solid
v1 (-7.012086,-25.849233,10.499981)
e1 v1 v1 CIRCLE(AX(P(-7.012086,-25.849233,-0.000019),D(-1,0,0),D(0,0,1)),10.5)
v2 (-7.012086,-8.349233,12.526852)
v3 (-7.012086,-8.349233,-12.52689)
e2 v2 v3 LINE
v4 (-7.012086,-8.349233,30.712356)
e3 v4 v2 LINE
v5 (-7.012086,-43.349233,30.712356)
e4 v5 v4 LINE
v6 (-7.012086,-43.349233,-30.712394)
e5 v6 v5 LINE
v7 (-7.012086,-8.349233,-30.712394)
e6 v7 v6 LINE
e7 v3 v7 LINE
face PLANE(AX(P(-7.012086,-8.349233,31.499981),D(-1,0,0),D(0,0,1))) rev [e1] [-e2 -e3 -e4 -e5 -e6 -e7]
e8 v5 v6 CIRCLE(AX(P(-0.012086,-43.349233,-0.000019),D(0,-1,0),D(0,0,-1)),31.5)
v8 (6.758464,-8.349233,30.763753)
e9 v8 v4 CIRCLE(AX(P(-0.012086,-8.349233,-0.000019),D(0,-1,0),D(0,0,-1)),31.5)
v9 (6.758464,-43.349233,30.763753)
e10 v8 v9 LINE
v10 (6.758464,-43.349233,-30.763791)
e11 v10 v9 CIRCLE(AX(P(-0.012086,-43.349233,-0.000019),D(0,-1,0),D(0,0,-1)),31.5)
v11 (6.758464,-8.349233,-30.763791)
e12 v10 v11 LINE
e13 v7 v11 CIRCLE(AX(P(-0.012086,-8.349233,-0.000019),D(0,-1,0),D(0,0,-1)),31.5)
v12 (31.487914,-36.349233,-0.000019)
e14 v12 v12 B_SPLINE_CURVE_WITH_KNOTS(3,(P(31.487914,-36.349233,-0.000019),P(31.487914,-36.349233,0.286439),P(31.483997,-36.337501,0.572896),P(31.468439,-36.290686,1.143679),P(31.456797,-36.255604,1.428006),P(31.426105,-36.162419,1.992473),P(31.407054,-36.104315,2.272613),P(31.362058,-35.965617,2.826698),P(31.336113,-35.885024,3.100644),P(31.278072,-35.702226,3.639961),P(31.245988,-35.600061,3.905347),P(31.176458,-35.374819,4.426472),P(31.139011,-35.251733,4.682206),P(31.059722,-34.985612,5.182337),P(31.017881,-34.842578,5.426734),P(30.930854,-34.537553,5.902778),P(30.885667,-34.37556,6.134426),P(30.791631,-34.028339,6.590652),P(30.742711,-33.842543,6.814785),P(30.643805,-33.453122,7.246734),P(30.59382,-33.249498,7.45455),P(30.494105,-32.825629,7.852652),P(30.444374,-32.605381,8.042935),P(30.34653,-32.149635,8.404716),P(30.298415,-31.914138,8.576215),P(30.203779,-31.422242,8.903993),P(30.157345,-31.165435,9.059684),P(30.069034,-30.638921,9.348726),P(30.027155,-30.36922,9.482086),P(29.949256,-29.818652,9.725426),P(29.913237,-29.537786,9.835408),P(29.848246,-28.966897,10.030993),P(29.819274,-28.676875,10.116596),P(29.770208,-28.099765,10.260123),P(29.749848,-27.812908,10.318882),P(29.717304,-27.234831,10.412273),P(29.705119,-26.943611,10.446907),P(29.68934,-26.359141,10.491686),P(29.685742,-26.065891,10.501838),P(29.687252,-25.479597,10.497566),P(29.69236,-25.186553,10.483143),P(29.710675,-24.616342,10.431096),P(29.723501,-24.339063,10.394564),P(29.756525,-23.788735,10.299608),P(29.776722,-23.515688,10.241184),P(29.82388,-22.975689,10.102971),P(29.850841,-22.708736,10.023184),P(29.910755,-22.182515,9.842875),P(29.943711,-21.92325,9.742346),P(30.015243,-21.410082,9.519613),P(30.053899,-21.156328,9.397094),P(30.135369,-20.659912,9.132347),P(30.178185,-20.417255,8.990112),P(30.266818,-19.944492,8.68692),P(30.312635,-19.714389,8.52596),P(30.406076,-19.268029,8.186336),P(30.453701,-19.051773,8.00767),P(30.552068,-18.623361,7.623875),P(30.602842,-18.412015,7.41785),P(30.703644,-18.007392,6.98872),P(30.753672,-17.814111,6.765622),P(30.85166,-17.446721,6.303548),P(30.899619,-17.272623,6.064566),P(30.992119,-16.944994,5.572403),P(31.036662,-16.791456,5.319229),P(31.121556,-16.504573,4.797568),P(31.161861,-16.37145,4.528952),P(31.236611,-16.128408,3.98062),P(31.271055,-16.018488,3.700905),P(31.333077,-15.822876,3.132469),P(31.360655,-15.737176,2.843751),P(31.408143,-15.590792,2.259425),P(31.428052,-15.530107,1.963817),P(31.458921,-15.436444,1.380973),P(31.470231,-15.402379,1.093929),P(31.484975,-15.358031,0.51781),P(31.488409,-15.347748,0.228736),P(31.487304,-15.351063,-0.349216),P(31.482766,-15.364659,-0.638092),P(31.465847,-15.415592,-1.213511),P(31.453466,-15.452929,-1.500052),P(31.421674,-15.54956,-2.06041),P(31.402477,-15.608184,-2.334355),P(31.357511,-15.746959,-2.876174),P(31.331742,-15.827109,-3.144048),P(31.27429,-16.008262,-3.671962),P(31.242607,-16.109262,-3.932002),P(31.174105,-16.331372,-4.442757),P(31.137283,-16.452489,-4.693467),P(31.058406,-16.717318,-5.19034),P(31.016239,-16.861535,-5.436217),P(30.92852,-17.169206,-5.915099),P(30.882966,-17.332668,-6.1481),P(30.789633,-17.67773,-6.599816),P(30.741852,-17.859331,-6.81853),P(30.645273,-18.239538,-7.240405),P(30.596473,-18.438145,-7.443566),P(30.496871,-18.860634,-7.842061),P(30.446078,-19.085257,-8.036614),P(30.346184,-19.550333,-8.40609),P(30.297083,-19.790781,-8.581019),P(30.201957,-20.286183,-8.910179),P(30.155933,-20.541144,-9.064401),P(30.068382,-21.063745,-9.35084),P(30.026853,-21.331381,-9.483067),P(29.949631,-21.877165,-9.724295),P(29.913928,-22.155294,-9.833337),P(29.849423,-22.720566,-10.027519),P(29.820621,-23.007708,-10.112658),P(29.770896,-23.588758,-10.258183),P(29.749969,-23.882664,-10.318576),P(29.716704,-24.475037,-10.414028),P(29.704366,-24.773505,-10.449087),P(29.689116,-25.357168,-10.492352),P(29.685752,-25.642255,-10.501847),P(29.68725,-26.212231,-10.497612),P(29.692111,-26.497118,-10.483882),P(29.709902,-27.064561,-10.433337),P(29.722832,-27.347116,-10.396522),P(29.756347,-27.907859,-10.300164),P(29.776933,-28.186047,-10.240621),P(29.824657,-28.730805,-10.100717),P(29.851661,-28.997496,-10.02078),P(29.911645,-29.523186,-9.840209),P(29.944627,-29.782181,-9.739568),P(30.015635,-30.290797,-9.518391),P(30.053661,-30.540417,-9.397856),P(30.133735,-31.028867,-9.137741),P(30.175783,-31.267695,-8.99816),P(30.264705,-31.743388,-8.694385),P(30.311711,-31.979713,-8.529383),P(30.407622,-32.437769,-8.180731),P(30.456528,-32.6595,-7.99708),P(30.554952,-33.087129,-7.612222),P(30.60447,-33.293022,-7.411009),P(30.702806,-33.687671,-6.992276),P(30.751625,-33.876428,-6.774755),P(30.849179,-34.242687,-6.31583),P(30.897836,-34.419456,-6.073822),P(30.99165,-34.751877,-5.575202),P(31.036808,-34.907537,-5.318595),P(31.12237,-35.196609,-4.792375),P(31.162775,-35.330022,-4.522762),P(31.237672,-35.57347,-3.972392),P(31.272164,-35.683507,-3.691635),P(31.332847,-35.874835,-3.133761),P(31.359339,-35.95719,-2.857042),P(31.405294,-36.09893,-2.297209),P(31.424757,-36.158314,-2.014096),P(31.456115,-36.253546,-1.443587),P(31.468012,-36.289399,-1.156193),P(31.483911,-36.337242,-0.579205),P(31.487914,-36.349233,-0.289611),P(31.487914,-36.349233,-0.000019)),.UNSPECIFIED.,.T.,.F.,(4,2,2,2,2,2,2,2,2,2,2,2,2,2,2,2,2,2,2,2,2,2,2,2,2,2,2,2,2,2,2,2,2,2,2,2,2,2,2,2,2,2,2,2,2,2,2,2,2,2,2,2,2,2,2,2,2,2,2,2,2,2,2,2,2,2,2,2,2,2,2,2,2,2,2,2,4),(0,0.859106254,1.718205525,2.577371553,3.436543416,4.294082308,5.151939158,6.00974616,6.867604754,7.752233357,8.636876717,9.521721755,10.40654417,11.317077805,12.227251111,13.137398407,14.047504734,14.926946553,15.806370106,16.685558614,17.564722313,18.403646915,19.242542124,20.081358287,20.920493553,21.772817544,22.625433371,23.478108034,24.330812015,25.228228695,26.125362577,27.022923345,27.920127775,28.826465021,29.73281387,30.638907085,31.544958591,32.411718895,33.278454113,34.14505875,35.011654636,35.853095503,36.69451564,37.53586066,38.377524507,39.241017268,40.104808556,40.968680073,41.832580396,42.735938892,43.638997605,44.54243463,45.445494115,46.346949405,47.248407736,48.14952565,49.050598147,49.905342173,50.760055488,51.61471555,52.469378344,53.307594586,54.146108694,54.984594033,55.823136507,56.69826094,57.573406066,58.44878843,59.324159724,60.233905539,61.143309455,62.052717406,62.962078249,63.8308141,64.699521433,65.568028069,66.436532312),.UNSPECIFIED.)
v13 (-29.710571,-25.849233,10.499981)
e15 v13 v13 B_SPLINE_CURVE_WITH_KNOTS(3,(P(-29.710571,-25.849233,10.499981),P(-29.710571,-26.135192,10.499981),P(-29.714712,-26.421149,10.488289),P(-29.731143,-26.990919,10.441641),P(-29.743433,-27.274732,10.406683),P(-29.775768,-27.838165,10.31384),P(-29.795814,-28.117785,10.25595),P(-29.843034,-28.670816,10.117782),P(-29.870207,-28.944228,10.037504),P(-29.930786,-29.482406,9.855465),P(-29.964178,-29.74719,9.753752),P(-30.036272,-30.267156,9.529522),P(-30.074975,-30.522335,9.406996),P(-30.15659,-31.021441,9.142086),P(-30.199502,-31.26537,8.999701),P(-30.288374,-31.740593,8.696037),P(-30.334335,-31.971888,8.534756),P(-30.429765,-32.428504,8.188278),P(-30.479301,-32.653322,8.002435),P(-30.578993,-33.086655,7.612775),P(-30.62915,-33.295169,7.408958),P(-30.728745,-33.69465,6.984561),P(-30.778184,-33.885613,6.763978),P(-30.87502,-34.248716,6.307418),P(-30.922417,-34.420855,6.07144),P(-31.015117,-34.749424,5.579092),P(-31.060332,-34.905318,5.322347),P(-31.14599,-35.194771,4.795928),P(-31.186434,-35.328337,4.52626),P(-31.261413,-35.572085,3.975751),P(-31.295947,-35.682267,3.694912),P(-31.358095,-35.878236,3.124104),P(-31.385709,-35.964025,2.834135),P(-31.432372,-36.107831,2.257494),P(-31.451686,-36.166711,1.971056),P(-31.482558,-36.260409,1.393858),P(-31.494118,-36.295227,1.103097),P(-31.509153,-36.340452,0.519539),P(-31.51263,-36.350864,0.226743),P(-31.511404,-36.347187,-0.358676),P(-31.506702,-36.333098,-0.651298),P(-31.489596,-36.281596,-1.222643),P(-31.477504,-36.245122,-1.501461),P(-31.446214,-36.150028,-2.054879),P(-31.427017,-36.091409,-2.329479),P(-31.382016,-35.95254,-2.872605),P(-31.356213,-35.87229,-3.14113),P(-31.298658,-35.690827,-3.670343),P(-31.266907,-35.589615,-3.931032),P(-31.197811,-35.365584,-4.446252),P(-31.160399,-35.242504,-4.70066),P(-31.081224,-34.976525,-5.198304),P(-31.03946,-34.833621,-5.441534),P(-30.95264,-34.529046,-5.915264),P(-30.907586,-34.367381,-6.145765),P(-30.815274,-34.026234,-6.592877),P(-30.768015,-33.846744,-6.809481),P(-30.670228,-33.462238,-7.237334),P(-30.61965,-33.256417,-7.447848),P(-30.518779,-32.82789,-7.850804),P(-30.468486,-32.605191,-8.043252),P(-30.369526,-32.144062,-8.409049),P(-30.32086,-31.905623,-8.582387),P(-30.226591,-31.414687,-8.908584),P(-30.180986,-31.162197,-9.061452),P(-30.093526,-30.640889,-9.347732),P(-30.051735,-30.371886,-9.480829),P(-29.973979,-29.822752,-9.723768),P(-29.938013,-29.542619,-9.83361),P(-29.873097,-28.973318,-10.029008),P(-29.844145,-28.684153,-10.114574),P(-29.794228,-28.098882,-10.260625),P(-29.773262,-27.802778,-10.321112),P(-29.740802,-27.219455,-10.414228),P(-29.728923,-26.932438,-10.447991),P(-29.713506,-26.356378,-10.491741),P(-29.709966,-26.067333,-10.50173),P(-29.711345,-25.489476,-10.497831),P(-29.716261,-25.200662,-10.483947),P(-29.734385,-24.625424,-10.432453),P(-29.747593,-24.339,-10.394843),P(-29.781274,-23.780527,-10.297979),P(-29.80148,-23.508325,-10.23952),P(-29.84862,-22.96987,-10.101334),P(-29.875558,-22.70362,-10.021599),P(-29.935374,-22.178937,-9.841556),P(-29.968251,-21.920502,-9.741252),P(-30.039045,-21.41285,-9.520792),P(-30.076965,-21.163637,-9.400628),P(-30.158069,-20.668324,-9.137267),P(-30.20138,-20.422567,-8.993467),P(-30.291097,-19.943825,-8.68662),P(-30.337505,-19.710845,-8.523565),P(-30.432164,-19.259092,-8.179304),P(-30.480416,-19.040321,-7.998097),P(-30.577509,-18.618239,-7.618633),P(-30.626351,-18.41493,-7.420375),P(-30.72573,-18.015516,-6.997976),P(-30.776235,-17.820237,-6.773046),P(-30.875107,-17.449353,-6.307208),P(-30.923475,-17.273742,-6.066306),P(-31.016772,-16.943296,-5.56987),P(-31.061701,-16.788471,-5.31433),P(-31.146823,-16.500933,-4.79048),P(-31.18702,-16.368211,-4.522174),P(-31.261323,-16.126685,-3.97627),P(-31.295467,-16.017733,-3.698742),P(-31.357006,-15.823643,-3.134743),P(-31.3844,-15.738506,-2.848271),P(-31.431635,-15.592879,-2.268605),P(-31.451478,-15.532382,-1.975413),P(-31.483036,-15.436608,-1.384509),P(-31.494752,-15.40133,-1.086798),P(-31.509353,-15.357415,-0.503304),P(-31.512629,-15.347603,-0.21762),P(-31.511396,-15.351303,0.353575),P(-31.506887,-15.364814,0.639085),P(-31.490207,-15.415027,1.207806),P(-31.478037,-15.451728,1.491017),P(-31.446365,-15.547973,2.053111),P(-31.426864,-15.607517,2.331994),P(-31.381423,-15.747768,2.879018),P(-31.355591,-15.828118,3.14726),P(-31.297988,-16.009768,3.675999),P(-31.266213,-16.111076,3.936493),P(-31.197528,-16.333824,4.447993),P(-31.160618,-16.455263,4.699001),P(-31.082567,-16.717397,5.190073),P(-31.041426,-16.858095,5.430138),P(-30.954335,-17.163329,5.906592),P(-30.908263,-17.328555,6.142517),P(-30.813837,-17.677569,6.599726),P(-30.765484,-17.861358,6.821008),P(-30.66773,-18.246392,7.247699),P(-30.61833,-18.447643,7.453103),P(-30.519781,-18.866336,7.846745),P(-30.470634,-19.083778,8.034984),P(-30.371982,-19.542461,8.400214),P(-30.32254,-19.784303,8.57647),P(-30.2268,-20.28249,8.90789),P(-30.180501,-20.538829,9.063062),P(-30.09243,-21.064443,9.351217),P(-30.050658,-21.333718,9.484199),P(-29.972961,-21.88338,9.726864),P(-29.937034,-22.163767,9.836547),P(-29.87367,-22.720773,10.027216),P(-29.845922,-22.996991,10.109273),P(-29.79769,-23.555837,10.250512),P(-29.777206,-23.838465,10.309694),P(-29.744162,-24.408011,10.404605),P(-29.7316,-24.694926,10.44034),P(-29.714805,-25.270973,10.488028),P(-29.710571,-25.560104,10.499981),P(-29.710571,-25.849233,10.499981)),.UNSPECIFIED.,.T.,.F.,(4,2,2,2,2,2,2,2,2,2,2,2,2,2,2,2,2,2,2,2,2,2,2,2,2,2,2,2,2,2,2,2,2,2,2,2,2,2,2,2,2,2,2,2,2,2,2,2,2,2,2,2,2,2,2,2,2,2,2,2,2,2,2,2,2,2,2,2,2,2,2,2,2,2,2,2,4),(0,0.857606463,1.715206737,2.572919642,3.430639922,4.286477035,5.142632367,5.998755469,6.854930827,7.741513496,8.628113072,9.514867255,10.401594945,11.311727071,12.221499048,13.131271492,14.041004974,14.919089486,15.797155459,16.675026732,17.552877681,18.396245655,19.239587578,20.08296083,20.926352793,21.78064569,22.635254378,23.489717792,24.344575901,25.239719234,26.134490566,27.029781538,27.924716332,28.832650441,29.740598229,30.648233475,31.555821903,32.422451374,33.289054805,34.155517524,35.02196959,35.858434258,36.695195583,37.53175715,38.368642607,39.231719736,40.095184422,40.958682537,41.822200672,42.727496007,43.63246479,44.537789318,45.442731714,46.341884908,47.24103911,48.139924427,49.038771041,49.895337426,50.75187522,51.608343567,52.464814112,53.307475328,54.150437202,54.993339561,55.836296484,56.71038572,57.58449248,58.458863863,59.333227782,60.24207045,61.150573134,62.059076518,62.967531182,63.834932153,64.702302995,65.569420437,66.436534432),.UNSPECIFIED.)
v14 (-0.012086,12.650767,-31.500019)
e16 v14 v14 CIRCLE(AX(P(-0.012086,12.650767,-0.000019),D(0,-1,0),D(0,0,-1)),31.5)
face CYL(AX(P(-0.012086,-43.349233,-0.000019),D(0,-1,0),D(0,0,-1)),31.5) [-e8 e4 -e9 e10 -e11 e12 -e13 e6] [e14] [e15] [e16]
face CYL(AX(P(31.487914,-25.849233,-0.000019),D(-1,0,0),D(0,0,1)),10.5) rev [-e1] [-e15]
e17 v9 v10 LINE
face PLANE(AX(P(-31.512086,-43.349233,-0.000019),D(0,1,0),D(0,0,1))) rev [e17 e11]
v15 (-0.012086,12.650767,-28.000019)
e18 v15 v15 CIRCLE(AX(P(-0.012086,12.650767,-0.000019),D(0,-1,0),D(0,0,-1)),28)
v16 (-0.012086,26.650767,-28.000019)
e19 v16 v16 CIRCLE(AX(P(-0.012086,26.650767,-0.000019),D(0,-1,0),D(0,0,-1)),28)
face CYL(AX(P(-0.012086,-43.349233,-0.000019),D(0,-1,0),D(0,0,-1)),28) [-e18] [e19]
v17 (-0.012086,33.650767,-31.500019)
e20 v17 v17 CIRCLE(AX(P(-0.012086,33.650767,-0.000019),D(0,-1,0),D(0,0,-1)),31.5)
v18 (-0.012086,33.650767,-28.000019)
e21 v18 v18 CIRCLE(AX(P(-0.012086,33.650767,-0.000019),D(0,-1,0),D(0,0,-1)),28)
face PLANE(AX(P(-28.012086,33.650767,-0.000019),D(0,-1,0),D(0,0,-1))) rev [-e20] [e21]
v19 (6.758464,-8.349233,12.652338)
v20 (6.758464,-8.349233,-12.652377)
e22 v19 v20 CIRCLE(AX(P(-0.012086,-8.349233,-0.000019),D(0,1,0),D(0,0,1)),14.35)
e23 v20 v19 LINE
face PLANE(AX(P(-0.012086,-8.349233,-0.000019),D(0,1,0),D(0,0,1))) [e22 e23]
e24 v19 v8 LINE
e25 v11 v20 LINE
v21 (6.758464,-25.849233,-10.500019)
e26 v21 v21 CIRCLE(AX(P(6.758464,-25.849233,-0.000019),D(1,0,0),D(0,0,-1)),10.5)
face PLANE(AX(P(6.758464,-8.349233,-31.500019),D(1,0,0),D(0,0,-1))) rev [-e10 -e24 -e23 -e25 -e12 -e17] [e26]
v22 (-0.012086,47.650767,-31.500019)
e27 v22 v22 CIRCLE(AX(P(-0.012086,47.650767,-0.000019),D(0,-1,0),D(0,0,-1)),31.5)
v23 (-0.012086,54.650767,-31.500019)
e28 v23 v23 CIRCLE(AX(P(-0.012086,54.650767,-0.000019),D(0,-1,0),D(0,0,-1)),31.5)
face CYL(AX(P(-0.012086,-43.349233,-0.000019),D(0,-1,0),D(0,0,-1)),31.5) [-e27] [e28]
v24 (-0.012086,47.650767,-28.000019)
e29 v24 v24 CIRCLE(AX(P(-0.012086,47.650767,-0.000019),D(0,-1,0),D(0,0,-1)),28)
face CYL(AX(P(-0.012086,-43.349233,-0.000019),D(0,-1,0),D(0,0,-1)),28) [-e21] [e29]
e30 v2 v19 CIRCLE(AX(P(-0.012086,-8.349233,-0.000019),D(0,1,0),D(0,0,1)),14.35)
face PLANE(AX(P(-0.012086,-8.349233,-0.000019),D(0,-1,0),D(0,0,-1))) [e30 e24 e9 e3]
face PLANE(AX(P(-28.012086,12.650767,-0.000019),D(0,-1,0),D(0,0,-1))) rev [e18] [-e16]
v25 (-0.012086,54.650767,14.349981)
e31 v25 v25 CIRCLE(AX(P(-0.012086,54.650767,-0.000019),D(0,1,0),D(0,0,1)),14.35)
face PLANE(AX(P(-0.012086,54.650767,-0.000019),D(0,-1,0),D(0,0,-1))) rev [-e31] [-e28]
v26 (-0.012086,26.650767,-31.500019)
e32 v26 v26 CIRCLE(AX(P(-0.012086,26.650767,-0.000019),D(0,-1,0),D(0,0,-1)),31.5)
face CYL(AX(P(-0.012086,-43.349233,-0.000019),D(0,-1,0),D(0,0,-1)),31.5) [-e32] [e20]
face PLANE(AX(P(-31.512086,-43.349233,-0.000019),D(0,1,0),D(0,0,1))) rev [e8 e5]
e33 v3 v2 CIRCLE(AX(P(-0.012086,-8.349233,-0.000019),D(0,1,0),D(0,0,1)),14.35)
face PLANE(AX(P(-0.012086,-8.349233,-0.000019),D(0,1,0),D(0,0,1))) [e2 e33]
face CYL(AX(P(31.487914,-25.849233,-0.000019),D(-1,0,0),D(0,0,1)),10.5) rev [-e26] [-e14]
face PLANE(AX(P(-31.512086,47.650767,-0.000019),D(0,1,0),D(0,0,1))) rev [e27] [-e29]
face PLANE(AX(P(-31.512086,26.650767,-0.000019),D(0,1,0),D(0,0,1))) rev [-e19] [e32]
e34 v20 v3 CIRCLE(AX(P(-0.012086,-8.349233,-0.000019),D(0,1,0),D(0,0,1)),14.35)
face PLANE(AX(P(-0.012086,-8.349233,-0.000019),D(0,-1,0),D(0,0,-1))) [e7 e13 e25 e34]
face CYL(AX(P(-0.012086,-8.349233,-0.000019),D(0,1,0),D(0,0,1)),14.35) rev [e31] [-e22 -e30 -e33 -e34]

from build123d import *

# Parameters (mm, degrees)
CROQUIS3_W                 = 1.967221418
CROQUIS3_H                 = 9
CORTAR_EXTRUIR1_DEPTH      = 5
CROQUIS4_R                 = 2.05
CORTAR_EXTRUIR2_DEPTH      = 9
CROQUIS7_R                 = 1.5
CORTAR_EXTRUIR3_DEPTH      = 6.467221418
CORTAR_EXTRUIR3_DEPTH_BACK = 4.532778582
ESCALA1_SCALE              = 7


with BuildPart() as part:
    # Croquis2 → Revolución4 (revolve)
    with BuildSketch(Plane.XY):
        Polygon((0, 14), (-4.5, 14), (-4.5, 13), (-4, 13), (-4, 11), (-4.5, 11), (-4.5, 10), (-4, 10), (-4, 8), (-4.5, 8), (-4.5, 0), (0, 0), align=None)
    revolve(axis=Axis((0, 0, 0), (0, 1, 0)))

    # Croquis3 → Cortar-Extruir1 (cut)
    with BuildSketch(Plane.XZ):
        with Locations((-0.016389291, 0)):
            Rectangle(CROQUIS3_W, CROQUIS3_H)
    extrude(amount=-CORTAR_EXTRUIR1_DEPTH, mode=Mode.SUBTRACT)

    # Croquis4 → Cortar-Extruir2 (cut)
    with BuildSketch(Plane(origin=(0, 14, 0), x_dir=(1, 0, 0), z_dir=(0, 1, 0))):
        Circle(CROQUIS4_R)
    extrude(amount=-CORTAR_EXTRUIR2_DEPTH, mode=Mode.SUBTRACT)

    # Croquis7 → Cortar-Extruir3 (cut, two sides)
    with BuildSketch(Plane.ZY.offset(-0.967221418)) as cortar_extruir3_sk:
        with Locations((0, 2.5)):
            Circle(CROQUIS7_R)
    extrude(amount=CORTAR_EXTRUIR3_DEPTH, mode=Mode.SUBTRACT)
    extrude(cortar_extruir3_sk.sketch, amount=-CORTAR_EXTRUIR3_DEPTH_BACK, mode=Mode.SUBTRACT)


with BuildPart() as part_1:
    # Escala1: scaled about (0.00203743, 7.224994078, -4.8862e-05)
    add(part.part.scale(ESCALA1_SCALE).moved(Location((-0.01222458, -43.349964468, 0.000293172))))


solid = part_1.part
